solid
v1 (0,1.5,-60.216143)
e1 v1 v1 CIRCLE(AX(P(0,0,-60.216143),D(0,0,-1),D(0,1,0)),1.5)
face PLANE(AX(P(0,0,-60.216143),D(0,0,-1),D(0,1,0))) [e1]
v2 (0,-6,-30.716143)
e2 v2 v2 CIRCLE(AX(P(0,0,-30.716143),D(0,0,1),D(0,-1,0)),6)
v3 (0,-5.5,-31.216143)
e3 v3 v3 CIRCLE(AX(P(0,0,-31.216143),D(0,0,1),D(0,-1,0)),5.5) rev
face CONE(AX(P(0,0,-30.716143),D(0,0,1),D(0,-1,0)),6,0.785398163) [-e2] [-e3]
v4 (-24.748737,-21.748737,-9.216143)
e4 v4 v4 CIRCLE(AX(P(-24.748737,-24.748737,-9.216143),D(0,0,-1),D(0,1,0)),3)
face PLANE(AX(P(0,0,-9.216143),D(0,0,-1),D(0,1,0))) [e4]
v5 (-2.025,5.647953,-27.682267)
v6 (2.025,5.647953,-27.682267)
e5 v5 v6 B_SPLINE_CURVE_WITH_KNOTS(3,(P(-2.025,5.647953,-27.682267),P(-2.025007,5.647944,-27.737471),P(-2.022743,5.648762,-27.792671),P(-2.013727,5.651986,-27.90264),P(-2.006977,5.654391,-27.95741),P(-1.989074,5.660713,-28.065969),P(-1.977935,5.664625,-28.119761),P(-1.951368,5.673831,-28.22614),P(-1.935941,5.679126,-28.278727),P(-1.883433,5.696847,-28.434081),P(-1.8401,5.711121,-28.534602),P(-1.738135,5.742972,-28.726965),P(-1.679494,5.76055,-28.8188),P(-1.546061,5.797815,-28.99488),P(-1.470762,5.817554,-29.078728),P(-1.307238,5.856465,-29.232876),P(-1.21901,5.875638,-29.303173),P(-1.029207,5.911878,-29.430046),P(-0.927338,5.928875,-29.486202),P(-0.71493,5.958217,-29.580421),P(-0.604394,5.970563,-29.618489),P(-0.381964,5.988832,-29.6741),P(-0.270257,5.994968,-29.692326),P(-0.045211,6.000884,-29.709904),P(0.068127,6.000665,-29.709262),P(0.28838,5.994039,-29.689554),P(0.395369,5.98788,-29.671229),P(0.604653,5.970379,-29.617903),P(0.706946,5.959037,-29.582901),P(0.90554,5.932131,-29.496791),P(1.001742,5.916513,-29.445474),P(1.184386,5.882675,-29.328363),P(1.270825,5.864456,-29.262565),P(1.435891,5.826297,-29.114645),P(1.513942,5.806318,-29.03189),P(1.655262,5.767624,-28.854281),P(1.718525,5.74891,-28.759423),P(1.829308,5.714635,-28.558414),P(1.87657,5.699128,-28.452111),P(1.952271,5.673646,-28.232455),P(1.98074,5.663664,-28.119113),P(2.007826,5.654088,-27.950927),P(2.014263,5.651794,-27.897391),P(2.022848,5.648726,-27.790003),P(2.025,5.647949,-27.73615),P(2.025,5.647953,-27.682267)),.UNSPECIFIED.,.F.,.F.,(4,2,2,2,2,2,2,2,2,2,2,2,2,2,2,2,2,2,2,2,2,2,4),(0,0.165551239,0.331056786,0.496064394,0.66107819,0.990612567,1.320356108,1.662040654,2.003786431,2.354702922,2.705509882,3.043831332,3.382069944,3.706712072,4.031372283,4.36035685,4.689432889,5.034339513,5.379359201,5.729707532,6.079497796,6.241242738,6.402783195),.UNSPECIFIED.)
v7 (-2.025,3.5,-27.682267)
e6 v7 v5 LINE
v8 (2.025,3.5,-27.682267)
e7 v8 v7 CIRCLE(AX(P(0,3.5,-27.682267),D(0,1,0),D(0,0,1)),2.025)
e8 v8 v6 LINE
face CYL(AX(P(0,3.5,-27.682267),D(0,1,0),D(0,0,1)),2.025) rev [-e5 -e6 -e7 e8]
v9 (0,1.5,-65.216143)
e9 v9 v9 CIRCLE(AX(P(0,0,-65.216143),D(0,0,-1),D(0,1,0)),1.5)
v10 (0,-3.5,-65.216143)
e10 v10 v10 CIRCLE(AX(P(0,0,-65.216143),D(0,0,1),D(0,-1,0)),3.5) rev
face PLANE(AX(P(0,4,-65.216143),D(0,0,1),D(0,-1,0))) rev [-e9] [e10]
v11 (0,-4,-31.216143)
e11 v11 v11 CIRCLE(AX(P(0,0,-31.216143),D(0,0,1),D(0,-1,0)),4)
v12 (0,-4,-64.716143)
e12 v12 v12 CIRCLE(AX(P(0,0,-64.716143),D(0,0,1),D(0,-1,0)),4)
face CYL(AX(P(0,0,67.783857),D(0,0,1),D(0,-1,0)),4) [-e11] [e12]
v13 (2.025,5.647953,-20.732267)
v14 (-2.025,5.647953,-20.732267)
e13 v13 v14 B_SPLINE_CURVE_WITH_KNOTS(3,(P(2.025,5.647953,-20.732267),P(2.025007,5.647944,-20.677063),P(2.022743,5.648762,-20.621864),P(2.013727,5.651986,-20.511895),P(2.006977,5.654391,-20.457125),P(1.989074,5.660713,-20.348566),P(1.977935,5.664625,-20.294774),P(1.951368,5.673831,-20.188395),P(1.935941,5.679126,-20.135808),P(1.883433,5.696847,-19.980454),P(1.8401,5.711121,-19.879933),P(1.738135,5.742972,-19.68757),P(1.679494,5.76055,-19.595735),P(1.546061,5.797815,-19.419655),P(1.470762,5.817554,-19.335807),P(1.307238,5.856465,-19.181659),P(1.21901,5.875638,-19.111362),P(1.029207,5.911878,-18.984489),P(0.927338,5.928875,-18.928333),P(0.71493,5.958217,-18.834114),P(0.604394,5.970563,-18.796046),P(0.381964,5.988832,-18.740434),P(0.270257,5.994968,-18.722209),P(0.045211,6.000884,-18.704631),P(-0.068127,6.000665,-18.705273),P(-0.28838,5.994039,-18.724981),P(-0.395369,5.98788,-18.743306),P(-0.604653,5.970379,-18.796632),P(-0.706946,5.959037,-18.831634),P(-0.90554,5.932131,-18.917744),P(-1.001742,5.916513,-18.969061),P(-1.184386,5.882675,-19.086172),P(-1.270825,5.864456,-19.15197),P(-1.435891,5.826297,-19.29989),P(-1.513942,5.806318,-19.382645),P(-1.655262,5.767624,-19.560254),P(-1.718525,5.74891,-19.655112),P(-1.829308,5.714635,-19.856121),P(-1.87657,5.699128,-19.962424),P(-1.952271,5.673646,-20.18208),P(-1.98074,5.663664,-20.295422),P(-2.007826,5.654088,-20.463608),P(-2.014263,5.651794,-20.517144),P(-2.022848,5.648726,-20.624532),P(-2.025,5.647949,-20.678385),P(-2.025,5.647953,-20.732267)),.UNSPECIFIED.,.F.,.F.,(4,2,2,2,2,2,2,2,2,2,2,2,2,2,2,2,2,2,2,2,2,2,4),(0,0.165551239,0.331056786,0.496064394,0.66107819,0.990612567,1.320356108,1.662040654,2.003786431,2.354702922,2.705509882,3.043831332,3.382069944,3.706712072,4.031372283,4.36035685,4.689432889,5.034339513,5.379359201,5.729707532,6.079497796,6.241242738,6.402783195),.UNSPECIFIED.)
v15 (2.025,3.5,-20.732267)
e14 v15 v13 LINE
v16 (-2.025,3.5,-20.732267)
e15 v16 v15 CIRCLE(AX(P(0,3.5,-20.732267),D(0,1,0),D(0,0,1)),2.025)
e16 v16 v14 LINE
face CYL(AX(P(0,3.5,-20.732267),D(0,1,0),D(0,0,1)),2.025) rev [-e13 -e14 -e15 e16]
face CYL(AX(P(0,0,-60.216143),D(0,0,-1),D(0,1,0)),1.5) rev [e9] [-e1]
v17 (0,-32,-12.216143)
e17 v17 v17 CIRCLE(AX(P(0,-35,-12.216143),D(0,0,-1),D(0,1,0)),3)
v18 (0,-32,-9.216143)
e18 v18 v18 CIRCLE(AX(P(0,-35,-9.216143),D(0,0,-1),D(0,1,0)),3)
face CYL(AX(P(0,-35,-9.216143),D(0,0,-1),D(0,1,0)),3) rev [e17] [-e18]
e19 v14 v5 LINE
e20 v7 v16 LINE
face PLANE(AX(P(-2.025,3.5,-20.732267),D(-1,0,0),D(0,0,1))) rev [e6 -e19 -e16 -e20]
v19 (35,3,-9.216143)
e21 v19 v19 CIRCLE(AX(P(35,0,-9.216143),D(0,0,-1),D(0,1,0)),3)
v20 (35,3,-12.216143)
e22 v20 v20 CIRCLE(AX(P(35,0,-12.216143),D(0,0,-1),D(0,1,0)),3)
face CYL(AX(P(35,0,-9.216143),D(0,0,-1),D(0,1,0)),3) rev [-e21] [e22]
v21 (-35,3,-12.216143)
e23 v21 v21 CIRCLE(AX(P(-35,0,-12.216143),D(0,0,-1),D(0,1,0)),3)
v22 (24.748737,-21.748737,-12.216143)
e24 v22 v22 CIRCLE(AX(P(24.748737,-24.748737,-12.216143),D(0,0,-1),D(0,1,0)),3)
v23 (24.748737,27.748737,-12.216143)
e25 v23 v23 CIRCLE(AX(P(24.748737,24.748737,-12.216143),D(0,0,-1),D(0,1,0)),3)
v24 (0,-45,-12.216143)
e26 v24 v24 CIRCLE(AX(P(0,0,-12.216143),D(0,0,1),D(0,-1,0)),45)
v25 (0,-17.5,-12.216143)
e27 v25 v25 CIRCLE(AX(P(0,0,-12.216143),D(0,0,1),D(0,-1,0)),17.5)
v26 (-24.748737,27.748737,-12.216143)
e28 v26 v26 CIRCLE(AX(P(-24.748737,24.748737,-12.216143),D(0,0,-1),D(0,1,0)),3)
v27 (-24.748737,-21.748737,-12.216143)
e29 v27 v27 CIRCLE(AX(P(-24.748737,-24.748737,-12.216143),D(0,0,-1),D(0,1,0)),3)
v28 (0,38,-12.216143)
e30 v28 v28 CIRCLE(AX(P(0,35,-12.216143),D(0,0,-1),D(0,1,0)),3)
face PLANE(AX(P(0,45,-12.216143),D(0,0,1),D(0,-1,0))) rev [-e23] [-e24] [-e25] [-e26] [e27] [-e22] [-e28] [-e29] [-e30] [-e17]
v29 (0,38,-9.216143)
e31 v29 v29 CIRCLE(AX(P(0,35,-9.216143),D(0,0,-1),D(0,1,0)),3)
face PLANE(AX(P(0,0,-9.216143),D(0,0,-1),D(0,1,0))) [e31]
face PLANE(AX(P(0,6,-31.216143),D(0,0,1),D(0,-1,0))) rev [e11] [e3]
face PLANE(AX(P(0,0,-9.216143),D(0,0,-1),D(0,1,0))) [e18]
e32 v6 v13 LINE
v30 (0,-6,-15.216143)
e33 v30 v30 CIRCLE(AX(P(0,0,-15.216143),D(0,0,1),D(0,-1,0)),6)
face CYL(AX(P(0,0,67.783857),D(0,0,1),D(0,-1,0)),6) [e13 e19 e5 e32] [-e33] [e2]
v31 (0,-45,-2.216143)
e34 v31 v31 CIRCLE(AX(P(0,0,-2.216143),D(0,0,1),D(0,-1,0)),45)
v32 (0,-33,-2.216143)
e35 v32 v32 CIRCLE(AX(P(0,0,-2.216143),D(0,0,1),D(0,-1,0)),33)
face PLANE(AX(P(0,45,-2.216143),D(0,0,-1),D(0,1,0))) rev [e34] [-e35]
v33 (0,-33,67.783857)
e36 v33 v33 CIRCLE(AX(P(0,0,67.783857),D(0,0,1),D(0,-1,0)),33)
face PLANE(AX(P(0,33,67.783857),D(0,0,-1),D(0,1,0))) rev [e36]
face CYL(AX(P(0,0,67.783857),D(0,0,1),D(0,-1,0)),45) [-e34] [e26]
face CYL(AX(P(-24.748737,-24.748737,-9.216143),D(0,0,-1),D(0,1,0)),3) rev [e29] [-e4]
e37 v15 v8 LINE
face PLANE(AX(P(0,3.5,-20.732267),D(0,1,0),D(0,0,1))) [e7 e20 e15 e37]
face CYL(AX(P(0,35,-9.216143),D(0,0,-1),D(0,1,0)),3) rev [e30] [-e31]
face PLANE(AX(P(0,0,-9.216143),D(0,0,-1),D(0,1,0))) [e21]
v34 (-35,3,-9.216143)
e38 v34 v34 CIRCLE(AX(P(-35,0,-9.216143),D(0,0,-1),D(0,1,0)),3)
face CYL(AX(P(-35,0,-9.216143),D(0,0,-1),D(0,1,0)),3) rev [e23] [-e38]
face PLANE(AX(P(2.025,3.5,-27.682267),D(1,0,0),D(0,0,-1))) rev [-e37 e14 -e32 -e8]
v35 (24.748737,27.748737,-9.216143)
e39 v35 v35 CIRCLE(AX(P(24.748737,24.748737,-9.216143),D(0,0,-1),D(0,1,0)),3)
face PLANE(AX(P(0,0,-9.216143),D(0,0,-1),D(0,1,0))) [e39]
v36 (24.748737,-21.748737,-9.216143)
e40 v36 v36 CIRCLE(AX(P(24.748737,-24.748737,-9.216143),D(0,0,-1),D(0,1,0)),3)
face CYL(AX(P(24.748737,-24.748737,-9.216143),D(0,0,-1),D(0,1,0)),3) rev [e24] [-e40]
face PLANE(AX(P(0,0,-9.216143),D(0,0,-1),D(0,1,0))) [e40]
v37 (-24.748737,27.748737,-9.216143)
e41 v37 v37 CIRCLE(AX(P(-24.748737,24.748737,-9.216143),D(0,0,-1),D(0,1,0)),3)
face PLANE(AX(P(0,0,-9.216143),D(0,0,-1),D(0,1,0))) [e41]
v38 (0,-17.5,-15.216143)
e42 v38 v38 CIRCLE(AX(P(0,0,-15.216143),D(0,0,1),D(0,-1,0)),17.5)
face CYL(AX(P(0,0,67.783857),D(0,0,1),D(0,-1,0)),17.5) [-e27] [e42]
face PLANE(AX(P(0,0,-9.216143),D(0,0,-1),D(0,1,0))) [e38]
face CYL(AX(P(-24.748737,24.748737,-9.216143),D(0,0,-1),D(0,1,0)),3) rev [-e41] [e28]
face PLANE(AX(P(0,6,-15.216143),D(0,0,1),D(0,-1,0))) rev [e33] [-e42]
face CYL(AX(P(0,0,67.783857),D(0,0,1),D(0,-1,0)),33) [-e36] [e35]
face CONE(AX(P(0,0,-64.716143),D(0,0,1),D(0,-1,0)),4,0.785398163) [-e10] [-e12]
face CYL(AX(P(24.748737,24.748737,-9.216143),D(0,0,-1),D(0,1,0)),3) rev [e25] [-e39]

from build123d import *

# Parameters (mm, degrees)
CUT_EXTRUDE1_DEPTH = 2.5
CHAMFER1_SIZE      = 0.5
SKETCH7_R          = 3
CUT_EXTRUDE4_DEPTH = 3
SKETCH8_R          = 1.5
CUT_EXTRUDE5_DEPTH = 5
CHAMFER2_SIZE      = 0.5


with BuildPart() as part:
    # Sketch1 → Revolve1 (revolve)
    with BuildSketch(Plane(origin=(0, 0, 0), x_dir=(0, 0, -1), z_dir=(1, 0, 0)), mode=Mode.PRIVATE) as revolve1_sk:
        Polygon((-67.783857366, 0), (65.216142634, 0), (65.216142634, 4), (31.216142634, 4), (31.216142634, 6), (15.216142634, 6), (15.216142634, 17.5), (12.216142634, 17.5), (12.216142634, 45), (2.216142634, 45), (2.216142634, 33), (-67.783857366, 33), align=None)
    revolve(revolve1_sk.sketch.rotate(Axis((0, 0, 67.783857366), (0, 0, -1)), 180), axis=Axis((0, 0, 67.783857366), (0, 0, -1)))

    # Sketch2 → Cut-Extrude1 (cut)
    with BuildSketch(Plane(origin=(0, 6, 0), x_dir=(1, 0, 0), z_dir=(0, 1, 0))):
        with BuildLine():
            Line((-2.025, 20.732267436), (-2.025, 27.682267436))
            ThreePointArc((-2.025, 27.682267436), (0, 29.707267436), (2.025, 27.682267436))
            Line((2.025, 27.682267436), (2.025, 20.732267436))
            ThreePointArc((2.025, 20.732267436), (0, 18.707267436), (-2.025, 20.732267436))
        make_face()
    extrude(amount=-CUT_EXTRUDE1_DEPTH, mode=Mode.SUBTRACT)

    # Chamfer1
    chamfer1_edges = [part.edges().sort_by_distance(p)[0] for p in [
        (0, 6, -31.216142634),
    ]]
    chamfer(chamfer1_edges, length=CHAMFER1_SIZE)

    # Sketch7 → Cut-Extrude4 (cut)
    with BuildSketch(Plane(origin=(0, 0, -12.216142634), x_dir=(-1, 0, 0), z_dir=(0, 0, -1))):
        with Locations(Location((0, 35, 0), (0, 0, 90))):
            Circle(SKETCH7_R)
        with Locations(Location((24.748737342, 24.748737342, 0), (0, 0, 90))):
            Circle(SKETCH7_R)
        with Locations(Location((35, 0, 0), (0, 0, 90))):
            Circle(SKETCH7_R)
        with Locations(Location((24.748737342, -24.748737342, 0), (0, 0, 90))):
            Circle(SKETCH7_R)
        with Locations(Location((0, -35, 0), (0, 0, 90))):
            Circle(SKETCH7_R)
        with Locations(Location((-24.748737342, -24.748737342, 0), (0, 0, 90))):
            Circle(SKETCH7_R)
        with Locations(Location((-35, 0, 0), (0, 0, 90))):
            Circle(SKETCH7_R)
        with Locations(Location((-24.748737342, 24.748737342, 0), (0, 0, 90))):
            Circle(SKETCH7_R)
    extrude(amount=-CUT_EXTRUDE4_DEPTH, mode=Mode.SUBTRACT)

    # Sketch8 → Cut-Extrude5 (cut)
    with BuildSketch(Plane(origin=(0, 0, -65.216142634), x_dir=(-1, 0, 0), z_dir=(0, 0, -1))):
        with Locations(Location((0, 0, 0), (0, 0, 90))):
            Circle(SKETCH8_R)
    extrude(amount=-CUT_EXTRUDE5_DEPTH, mode=Mode.SUBTRACT)

    # Chamfer2
    chamfer2_edges = [part.edges().sort_by_distance(p)[0] for p in [
        (0, 4, -65.216142634),
    ]]
    chamfer(chamfer2_edges, length=CHAMFER2_SIZE)


solid = part.part
